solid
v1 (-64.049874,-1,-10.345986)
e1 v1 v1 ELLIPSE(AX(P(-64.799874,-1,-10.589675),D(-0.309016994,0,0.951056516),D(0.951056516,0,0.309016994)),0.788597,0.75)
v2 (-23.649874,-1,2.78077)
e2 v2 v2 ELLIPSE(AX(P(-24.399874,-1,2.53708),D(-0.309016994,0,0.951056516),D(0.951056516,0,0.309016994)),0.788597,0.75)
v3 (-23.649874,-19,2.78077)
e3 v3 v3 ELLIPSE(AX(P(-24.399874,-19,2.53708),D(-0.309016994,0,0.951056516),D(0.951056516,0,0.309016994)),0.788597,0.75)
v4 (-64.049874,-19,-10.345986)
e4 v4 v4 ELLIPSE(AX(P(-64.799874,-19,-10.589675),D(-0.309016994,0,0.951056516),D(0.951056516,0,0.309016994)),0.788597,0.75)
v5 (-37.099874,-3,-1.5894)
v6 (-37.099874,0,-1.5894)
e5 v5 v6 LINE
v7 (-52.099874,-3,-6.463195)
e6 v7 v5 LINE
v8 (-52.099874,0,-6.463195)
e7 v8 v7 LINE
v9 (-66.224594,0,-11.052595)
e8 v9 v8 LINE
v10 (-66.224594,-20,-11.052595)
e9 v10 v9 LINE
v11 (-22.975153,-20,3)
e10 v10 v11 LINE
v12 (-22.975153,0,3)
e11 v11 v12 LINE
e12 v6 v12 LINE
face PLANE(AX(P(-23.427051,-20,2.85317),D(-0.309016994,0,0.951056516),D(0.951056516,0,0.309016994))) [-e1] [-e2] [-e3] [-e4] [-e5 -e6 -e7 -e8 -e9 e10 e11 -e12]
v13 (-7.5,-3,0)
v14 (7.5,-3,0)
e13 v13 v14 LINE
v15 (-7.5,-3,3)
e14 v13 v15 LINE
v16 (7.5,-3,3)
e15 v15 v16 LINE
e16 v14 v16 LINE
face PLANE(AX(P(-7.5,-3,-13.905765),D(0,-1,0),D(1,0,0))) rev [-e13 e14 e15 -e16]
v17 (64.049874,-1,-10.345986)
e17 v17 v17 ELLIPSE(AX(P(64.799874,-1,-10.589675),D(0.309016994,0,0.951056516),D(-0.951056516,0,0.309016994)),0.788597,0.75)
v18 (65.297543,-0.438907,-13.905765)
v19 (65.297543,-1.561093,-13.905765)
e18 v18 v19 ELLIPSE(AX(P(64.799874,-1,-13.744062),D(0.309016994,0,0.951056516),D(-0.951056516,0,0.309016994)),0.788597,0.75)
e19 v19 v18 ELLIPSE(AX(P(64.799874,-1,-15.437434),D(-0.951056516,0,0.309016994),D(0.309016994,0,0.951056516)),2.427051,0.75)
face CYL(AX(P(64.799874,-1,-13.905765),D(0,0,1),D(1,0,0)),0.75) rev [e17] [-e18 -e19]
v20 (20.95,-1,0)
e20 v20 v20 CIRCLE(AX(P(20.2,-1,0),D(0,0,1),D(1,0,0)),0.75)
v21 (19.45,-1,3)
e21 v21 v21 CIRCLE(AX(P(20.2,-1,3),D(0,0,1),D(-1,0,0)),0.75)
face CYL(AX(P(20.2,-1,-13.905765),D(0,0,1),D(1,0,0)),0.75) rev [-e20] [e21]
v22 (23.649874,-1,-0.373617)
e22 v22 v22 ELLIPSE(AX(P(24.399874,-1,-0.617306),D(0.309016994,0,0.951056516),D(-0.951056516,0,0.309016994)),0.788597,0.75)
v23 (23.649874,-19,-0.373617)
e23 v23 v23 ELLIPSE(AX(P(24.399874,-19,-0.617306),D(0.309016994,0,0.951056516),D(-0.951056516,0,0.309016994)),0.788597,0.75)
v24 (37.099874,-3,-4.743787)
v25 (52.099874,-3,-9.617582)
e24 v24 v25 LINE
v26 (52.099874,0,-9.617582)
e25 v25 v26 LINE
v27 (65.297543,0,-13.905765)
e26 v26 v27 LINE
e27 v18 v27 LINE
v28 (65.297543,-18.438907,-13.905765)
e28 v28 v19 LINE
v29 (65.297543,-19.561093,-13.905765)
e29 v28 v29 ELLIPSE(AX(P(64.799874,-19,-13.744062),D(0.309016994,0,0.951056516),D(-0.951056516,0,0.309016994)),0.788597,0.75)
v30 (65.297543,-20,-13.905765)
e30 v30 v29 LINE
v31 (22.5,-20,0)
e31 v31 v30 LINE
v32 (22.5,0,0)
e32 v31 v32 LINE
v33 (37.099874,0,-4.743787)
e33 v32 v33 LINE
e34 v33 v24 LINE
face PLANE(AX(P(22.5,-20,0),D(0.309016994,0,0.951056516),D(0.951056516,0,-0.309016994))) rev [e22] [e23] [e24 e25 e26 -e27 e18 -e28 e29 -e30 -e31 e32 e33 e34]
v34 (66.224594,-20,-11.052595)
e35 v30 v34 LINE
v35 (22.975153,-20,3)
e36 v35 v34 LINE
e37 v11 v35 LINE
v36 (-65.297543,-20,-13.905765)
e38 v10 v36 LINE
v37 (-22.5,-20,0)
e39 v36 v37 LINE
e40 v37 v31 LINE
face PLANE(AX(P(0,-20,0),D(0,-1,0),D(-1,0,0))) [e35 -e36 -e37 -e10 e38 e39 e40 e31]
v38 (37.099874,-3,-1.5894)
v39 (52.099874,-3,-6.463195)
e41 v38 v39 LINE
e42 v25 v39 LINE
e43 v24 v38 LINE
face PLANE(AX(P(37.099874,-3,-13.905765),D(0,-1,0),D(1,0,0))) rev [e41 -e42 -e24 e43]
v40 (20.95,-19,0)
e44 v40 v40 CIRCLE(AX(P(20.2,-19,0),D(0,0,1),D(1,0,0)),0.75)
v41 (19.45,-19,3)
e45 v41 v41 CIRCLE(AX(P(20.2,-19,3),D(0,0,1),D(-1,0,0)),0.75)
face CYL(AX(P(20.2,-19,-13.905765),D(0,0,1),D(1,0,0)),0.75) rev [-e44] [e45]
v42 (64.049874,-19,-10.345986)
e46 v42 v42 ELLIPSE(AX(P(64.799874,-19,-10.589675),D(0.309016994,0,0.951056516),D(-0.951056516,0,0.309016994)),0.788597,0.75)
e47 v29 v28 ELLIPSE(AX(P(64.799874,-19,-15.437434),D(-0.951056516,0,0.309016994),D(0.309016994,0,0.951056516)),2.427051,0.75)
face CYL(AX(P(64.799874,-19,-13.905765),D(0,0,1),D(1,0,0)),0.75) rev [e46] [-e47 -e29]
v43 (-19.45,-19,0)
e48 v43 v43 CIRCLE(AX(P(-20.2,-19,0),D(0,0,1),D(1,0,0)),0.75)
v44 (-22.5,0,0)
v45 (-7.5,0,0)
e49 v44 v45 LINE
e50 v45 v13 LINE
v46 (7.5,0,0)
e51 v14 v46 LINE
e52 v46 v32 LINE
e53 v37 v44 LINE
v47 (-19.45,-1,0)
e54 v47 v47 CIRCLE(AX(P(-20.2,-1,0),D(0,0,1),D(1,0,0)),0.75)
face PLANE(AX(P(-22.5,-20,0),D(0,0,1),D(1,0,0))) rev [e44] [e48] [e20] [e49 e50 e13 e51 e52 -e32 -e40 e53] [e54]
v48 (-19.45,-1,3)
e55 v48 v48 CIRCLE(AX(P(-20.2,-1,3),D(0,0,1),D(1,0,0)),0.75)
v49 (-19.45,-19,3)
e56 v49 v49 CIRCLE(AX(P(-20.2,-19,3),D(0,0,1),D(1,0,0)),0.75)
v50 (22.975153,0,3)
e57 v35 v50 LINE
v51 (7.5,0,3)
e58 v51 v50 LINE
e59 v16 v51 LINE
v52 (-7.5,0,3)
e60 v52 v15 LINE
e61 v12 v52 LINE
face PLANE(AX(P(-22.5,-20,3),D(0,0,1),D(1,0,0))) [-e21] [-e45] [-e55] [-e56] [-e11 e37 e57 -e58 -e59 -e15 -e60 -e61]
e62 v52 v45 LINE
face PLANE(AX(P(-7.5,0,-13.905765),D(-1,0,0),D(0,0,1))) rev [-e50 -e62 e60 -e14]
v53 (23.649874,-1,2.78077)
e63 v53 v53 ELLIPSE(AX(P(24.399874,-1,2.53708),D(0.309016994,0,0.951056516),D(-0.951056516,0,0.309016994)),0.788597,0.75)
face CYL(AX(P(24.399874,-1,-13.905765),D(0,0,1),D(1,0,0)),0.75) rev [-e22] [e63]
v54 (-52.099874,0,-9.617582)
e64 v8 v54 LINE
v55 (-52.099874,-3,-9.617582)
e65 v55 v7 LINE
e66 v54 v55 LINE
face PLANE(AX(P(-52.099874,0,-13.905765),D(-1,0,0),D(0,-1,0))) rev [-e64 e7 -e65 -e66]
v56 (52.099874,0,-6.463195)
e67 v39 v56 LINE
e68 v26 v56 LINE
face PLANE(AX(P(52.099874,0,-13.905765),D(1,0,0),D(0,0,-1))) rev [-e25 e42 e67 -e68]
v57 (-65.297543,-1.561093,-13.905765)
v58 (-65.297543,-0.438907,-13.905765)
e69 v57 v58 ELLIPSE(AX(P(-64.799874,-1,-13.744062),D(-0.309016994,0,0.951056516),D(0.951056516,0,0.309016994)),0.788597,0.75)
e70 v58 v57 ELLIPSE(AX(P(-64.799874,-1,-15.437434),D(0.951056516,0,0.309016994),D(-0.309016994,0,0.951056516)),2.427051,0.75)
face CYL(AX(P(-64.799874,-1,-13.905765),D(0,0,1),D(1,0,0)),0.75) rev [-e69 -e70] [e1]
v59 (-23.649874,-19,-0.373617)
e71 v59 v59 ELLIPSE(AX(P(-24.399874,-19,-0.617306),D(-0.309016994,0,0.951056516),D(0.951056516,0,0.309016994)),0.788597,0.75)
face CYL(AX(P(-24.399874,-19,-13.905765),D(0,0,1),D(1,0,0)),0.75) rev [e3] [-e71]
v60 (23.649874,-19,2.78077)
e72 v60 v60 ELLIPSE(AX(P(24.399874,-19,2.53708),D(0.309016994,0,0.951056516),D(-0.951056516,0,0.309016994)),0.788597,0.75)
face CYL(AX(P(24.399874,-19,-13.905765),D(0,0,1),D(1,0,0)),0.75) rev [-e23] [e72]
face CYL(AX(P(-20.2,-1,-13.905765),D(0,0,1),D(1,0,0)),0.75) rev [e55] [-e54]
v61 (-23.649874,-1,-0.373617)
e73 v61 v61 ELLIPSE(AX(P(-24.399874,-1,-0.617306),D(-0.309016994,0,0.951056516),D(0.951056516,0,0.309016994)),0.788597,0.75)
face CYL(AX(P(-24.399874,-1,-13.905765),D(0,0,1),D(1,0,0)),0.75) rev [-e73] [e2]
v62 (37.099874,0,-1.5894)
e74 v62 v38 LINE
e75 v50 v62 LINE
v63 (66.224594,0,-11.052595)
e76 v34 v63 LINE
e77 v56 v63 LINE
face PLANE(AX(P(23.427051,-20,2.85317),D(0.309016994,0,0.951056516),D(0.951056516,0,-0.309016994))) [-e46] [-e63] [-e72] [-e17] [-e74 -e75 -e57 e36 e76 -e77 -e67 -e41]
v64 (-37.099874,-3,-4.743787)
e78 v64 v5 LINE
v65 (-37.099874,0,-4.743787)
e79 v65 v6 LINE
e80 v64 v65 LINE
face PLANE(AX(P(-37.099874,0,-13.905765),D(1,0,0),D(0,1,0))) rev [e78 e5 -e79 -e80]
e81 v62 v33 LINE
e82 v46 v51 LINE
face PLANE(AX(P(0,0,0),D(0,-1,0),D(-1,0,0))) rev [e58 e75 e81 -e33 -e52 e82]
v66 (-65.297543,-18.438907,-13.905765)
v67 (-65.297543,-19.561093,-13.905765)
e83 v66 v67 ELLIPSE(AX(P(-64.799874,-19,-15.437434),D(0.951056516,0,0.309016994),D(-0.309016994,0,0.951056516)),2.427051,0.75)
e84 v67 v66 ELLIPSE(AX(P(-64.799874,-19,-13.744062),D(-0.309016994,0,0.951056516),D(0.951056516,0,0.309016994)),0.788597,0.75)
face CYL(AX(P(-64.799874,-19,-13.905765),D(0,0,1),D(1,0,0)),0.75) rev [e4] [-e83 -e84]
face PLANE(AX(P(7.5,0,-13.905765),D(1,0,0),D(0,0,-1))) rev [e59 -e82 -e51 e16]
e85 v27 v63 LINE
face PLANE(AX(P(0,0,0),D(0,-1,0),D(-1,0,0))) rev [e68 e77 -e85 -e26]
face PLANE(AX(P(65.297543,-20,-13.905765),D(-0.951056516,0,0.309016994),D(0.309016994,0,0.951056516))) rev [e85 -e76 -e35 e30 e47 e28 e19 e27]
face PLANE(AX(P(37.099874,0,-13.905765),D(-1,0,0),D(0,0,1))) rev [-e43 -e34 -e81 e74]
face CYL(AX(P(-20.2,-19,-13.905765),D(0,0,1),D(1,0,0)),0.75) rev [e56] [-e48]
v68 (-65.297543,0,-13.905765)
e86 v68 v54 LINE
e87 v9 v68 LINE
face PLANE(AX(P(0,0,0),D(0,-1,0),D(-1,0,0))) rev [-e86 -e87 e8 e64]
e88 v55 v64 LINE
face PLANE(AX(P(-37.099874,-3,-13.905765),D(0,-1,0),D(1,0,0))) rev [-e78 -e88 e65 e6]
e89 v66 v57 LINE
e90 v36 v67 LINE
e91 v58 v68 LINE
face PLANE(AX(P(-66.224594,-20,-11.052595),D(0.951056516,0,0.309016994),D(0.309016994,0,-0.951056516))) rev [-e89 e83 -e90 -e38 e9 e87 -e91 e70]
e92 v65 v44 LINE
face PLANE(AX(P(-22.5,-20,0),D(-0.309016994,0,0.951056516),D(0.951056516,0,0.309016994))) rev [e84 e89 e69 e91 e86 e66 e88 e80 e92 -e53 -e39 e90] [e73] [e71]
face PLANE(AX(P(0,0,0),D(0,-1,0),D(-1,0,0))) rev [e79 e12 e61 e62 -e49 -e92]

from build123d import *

# Parameters (mm, degrees)
EXTRUDE_THIN1_DEPTH = 20
SKETCH3_R           = 0.75
SKETCH3_W           = 15
SKETCH3_H           = 3
CUT_EXTRUDE1_DEPTH  = 72.214477186


with BuildPart() as part:
    # Sketch2 → Extrude-Thin1 (new body)
    with BuildSketch(Plane(origin=(0, 0, 0), x_dir=(1, 0, 0), z_dir=(0, 1, 0))):
        Polygon((-65.297543233, 13.905764747), (-22.5, 0), (22.5, 0), (65.297543233, 13.905764747), (66.224594216, 11.052595198), (22.975153321, -3), (-22.975153321, -3), (-66.224594216, 11.052595198), align=None)
    extrude(amount=-EXTRUDE_THIN1_DEPTH)

    # Sketch3 → Cut-Extrude1 (cut, through all)
    with BuildSketch(Plane.XY.offset(3)):
        with Locations((-64.799873769, -1)):
            Circle(SKETCH3_R)
        with Locations((-24.399873769, -1)):
            Circle(SKETCH3_R)
        with Locations((-24.399873769, -19)):
            Circle(SKETCH3_R)
        with Locations((-64.799873769, -19)):
            Circle(SKETCH3_R)
        with Locations(Location((64.799873769, -1, 0), (0, 0, 311.57189246))):
            Circle(SKETCH3_R)
        with Locations(Location((24.399873769, -1, 0), (0, 0, 180))):
            Circle(SKETCH3_R)
        with Locations(Location((24.399873769, -19, 0), (0, 0, 180))):
            Circle(SKETCH3_R)
        with Locations(Location((64.799873769, -19, 0), (0, 0, 48.42810754))):
            Circle(SKETCH3_R)
        with Locations((-20.2, -1)):
            Circle(SKETCH3_R)
        with Locations((-20.2, -19)):
            Circle(SKETCH3_R)
        with Locations((20.2, -19)):
            Circle(SKETCH3_R)
        with Locations((20.2, -1)):
            Circle(SKETCH3_R)
        with Locations((0, -1.5)):
            Rectangle(SKETCH3_W, SKETCH3_H)
        with Locations((44.599873769, -1.5)):
            Rectangle(SKETCH3_W, SKETCH3_H)
        with Locations((-44.599873769, -1.5)):
            Rectangle(SKETCH3_W, SKETCH3_H)
    extrude(amount=-CUT_EXTRUDE1_DEPTH, mode=Mode.SUBTRACT)


solid = part.part
